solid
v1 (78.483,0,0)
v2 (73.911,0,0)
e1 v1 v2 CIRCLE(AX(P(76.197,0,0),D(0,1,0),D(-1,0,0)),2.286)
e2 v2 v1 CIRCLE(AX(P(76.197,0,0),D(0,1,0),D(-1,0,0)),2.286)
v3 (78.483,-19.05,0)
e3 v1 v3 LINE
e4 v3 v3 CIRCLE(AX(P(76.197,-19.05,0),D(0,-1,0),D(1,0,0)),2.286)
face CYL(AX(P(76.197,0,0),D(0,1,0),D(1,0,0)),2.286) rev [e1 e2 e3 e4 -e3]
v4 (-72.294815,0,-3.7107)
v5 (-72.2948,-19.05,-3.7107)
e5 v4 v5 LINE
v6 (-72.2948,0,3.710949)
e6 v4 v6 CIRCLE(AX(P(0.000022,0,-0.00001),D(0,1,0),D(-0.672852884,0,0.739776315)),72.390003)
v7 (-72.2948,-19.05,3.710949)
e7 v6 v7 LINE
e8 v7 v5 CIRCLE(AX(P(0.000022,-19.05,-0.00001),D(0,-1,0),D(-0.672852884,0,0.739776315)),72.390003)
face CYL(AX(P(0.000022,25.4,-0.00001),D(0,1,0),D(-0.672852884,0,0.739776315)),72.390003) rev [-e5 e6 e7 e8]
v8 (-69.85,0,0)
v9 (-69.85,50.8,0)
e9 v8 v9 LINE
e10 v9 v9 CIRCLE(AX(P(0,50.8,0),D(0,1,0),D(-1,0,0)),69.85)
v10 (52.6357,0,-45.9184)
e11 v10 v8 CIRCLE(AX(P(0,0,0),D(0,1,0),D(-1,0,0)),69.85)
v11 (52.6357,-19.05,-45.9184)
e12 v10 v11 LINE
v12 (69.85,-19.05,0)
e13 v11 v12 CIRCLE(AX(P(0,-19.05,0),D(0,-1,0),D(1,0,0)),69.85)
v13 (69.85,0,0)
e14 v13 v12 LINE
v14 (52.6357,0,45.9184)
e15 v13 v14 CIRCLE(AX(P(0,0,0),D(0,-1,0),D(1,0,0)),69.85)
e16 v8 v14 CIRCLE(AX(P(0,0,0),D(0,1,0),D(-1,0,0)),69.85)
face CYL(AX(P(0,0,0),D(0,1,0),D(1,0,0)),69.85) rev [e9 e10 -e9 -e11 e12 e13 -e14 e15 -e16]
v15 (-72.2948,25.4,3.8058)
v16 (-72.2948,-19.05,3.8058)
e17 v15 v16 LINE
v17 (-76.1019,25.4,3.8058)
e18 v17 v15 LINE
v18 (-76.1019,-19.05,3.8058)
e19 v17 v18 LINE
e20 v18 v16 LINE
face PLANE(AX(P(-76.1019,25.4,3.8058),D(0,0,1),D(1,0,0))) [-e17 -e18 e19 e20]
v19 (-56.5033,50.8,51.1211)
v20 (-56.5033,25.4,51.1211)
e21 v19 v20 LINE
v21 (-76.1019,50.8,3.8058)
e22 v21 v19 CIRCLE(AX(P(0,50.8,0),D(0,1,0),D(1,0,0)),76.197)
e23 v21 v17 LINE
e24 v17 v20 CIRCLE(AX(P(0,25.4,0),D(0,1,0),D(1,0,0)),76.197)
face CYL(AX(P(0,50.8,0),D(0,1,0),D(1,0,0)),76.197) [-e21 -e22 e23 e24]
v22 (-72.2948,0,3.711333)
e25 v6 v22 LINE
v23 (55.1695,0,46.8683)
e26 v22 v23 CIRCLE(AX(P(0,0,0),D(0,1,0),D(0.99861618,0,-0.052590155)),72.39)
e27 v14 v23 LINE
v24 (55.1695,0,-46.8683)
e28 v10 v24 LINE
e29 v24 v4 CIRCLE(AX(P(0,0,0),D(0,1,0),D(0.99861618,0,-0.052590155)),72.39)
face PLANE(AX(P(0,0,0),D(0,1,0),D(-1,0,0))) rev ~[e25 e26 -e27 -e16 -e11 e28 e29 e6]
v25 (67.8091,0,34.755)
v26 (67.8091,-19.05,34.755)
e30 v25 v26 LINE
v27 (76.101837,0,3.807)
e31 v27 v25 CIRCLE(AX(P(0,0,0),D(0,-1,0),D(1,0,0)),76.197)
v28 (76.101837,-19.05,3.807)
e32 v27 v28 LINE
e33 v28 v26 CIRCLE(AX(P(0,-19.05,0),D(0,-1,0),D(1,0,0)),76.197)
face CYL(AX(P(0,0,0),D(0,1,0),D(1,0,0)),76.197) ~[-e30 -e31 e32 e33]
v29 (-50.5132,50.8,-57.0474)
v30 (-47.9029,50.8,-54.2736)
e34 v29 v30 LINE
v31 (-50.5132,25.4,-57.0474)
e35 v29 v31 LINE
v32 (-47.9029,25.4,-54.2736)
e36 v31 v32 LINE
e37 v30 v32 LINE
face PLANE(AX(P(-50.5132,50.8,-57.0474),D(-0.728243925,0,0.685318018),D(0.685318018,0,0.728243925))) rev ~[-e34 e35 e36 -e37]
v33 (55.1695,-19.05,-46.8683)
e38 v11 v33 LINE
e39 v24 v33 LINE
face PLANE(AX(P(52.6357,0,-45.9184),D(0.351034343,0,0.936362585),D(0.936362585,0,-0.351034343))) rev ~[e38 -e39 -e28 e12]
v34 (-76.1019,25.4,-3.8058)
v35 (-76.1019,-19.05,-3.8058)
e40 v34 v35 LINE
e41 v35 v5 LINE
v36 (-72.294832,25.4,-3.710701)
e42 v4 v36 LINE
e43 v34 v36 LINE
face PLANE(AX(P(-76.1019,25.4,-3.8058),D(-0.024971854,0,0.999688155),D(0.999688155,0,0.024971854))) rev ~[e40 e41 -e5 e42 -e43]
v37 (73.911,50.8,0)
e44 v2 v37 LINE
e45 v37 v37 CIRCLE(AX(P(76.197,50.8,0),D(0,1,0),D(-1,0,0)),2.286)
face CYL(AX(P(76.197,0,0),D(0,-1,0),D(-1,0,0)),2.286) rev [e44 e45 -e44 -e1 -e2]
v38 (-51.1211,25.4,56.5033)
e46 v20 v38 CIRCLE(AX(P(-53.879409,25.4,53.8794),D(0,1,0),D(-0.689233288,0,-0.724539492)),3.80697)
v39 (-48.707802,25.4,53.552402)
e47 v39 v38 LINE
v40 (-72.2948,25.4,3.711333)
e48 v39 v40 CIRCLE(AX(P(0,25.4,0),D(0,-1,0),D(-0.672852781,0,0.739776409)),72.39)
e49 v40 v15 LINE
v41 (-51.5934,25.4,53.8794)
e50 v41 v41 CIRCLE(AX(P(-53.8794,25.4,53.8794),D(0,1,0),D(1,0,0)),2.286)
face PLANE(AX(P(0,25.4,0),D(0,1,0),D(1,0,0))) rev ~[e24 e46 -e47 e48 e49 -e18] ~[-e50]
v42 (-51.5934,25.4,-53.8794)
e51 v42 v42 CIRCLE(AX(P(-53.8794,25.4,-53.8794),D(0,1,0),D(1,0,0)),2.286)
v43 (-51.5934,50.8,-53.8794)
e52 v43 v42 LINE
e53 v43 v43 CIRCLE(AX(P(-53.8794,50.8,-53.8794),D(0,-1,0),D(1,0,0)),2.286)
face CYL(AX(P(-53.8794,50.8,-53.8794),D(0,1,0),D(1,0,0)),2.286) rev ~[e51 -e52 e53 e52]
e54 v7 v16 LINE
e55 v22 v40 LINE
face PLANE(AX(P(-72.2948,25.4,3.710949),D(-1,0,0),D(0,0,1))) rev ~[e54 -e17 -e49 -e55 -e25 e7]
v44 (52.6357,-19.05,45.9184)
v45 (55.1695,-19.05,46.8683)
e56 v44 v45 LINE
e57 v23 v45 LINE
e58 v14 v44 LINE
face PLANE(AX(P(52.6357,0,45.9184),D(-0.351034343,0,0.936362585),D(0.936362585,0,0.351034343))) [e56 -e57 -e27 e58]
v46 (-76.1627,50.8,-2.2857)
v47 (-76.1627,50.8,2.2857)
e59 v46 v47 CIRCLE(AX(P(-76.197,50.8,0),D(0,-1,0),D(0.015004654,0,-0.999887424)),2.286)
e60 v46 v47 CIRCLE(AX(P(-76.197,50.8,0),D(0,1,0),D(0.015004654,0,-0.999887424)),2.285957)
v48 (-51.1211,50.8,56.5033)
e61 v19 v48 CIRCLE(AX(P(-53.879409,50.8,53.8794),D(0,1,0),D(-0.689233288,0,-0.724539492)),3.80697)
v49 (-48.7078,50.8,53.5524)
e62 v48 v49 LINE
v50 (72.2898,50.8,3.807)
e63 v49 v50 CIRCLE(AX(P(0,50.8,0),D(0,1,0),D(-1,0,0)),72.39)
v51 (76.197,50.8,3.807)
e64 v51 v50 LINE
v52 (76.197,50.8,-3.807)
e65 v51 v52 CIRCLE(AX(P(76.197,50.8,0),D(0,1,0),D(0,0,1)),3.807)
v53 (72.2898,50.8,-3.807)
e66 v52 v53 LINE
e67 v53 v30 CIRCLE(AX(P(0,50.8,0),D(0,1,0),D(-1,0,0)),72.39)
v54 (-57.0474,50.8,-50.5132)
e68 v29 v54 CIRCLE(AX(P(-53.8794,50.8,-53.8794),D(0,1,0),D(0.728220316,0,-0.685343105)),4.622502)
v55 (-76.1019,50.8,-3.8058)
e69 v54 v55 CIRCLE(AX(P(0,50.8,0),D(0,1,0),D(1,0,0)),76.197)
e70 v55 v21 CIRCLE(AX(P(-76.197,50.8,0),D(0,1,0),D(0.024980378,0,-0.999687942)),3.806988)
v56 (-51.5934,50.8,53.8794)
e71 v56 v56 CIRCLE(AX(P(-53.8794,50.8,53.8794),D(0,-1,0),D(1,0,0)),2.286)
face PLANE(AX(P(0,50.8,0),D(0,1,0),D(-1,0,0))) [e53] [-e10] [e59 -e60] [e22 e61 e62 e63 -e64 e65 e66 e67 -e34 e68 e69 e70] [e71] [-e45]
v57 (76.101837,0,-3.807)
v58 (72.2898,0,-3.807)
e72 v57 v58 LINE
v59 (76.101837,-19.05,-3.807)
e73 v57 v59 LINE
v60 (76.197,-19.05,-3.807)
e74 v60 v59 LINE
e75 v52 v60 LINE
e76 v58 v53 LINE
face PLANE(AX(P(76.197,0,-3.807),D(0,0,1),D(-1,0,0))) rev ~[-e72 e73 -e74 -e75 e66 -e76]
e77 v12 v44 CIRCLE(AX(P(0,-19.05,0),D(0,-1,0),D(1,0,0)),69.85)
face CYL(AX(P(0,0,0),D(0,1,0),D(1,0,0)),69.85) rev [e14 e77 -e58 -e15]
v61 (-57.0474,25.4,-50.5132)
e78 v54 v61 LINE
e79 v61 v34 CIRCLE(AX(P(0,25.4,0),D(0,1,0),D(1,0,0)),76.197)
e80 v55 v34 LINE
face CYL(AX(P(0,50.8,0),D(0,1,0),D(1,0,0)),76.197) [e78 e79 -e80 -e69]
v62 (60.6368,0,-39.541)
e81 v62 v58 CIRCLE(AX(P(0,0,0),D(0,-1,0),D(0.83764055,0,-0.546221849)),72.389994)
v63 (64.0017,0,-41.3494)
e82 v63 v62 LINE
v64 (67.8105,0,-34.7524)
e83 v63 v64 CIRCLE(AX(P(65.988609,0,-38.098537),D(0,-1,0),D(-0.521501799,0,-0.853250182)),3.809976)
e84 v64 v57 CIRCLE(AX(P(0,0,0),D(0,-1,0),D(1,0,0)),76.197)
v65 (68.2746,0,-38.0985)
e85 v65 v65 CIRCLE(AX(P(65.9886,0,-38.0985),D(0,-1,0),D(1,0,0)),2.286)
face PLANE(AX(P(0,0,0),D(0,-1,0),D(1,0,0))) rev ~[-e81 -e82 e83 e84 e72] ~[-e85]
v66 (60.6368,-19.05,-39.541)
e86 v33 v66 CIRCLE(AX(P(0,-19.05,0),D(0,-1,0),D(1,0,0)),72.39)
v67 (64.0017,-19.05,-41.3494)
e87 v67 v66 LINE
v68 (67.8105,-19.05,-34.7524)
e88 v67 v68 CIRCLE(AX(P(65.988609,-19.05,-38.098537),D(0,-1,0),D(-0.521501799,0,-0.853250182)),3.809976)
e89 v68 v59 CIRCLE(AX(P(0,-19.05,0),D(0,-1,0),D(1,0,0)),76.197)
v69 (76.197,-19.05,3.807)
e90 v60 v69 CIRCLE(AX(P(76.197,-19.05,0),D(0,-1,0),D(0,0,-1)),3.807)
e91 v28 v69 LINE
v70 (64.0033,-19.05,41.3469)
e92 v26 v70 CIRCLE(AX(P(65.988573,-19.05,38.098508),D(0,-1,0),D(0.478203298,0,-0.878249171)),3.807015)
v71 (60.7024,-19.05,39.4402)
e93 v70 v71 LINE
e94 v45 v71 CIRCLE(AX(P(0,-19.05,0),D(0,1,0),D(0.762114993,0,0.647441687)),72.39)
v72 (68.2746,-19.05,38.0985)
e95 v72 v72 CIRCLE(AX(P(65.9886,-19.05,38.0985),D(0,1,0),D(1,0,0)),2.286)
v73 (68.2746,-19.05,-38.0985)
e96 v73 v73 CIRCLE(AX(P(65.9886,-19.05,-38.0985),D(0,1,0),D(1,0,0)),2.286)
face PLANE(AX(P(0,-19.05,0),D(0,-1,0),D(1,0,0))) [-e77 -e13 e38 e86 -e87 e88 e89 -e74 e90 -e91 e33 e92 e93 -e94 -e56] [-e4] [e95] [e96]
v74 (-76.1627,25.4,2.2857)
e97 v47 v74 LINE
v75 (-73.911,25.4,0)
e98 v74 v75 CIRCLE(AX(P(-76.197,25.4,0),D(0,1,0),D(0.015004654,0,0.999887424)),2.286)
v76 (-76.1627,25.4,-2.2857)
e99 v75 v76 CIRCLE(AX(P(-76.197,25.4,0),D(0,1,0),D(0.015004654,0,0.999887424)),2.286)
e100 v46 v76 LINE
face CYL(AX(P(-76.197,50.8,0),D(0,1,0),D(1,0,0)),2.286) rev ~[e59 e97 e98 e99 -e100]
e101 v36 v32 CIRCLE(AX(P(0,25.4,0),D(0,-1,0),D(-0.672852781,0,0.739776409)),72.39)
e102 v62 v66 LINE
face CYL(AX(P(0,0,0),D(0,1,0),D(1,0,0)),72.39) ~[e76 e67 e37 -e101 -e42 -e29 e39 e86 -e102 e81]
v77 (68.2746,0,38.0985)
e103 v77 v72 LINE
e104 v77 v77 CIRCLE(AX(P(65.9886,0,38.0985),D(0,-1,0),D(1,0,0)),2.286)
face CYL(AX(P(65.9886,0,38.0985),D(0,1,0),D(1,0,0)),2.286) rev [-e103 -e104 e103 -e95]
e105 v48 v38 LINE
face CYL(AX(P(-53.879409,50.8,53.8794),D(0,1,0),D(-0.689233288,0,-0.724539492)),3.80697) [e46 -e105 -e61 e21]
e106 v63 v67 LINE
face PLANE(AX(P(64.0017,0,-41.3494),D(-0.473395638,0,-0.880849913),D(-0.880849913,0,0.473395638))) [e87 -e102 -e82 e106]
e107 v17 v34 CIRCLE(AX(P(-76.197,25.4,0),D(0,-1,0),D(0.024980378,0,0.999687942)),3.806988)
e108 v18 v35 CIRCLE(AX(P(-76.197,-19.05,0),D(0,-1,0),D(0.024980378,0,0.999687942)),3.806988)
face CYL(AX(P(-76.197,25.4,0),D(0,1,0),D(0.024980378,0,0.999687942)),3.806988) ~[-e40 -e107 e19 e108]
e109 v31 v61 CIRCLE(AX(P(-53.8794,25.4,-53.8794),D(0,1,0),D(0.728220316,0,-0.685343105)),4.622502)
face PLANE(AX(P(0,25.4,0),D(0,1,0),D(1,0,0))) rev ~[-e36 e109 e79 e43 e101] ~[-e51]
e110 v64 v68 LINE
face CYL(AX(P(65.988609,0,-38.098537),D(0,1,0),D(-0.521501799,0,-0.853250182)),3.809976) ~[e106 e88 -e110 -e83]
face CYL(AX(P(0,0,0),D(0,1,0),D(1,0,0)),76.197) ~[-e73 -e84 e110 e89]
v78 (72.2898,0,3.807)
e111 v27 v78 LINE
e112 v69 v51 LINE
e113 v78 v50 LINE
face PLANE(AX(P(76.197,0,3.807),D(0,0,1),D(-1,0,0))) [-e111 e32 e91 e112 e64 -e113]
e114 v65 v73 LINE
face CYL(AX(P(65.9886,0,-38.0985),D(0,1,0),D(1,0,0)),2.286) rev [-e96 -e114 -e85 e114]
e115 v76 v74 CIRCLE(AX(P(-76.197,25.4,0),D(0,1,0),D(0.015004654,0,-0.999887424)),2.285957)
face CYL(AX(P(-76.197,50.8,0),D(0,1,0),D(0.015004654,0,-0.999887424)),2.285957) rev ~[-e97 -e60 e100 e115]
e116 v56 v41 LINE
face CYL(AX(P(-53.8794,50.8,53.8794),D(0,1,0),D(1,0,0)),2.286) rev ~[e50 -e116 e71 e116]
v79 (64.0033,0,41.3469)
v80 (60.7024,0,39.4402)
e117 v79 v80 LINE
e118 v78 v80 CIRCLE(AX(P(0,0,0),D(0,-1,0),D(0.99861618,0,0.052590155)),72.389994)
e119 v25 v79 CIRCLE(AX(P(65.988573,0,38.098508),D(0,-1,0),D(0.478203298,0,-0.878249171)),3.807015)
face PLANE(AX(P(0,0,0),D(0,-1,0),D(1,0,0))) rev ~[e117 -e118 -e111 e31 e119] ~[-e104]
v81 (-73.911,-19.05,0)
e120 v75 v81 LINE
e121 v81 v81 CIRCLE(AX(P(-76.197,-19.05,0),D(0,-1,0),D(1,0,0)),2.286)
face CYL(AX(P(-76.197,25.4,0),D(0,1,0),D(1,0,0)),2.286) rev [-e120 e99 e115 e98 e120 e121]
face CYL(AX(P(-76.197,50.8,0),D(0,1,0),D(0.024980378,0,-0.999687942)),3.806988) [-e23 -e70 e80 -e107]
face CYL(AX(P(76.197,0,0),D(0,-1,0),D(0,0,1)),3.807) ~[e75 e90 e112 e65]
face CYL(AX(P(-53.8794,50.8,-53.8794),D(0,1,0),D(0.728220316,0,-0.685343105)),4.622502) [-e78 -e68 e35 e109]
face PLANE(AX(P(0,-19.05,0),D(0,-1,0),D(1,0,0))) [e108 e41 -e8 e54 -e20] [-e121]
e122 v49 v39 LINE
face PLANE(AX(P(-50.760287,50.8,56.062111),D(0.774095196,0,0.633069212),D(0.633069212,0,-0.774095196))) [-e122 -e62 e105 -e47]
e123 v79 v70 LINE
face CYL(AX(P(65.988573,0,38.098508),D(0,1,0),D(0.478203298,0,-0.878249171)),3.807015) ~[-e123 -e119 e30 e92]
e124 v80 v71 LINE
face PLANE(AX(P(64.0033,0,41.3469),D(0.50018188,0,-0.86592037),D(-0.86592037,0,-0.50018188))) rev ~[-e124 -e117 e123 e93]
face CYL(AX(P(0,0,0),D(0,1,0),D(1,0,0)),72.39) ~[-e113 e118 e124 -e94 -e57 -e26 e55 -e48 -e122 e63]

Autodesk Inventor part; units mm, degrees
ref_plane "YZ Plane" through (0, 0, 0) normal (1, 0, 0) x (0, 1, 0)
ref_plane "XZ Plane" through (0, 0, 0) normal (0, 1, 0) x (-1, 0, 0)
ref_plane "XY Plane" through (0, 0, 0) normal (0, 0, 1) x (1, 0, 0)
sketch "Sketch1" plane through (0, 0, 0) normal (0, 1, 0) x (-1, 0, 0)
  circle A0 centre (0, 0) radius 72.39
  circle A1 centre (0, 0) radius 69.85
  arc A2 (-76.197, 3.807) -> (-76.197, -3.807) centre (-76.197, 0) ccw
  circle A3 centre (-76.197, 0) radius 2.286
  line L0 (-76.197, 3.807) -> (-72.2898, 3.807)
  line L1 (-76.197, -3.807) -> (-72.2898, -3.807)
  dimension "d0" = 144.78
  dimension "d1" = 139.7
  dimension "d2" = 4.572
extrude "Extrusion1" add sketch "Sketch1" along normal blind 50.8
sketch "Sketch2" plane through (0, 50.8, 0) normal (0, 1, 0) x (1, 0, 0)
  circle A0 centre (76.197, 0) radius 2.286 projected
  circle A1 centre (0, 0) radius 76.197
  arc A2 (-76.1019, 3.8058) -> (-76.1019, -3.8058) centre (-76.197, 0) ccw
  arc A3 (72.2898, 3.807) -> (72.2898, -3.807) centre (0, 0) ccw projected
  arc A4 (-76.1627, 2.2857) -> (-76.1627, -2.2857) centre (-76.197, 0) ccw
  line L0 (-76.197, -3.807) -> (-72.2898, -3.807)
  line L1 (-76.197, 3.807) -> (-72.39, 3.807)
  line L2 (-51.1875, 51.1875) -> (-53.8794, 53.8794)
  line L3 (0, 0) -> (76.197, 0) construction
  line L4 (0, 0) -> (76.197, 0) construction
  arc A5 (-56.5033, -51.1211) -> (-50.7603, -56.0621) centre (-53.8794, -53.8794) ccw
  line L5 (-51.1211, -56.5033) -> (-48.7078, -53.5524)
  line L6 (-56.5033, -51.1211) -> (-53.744, -48.4963)
  circle A6 centre (-53.8794, -53.8794) radius 2.286
  circle A7 centre (-53.8794, 53.8794) radius 2.286
  line L7 (-57.0474, 50.5132) -> (-54.2736, 47.9029)
  line L8 (-50.5132, 57.0474) -> (-47.9029, 54.2736)
  arc A8 (-50.5132, 57.0474) -> (-57.0474, 50.5132) centre (-53.8794, 53.8794) ccw
  line L9 (0, 0) -> (-26.9652, -26.9652)
  circle A9 centre (-76.197, 0) radius 2.286
  point P0 (-76.1627, -2.2857)
  dimension "d5" = 4.572
  dimension "d6" = 135
  dimension "d8" = 4.572
  dimension "d9" = 4.572
extrude "Extrusion2" add sketch "Sketch2" against normal blind 25.4 contours L8 A3 L2 A7 A1 | A1 A7 A8 | A5 A1 A6 | A1 A6 L6 A3 L5 | L7 A3 L0 A1 A9 | A1 A7 L2 A3 L7 | A1 L0 A3 L6 | A1 A4 A2
sketch "Sketch3" plane through (0, 0, 0) normal (0, -1, 0) x (1, 0, 0)
  line L0 (72.2898, 3.807) -> (76.197, 3.807) projected
  circle A0 centre (0, 0) radius 72.39
  circle A1 centre (0, 0) radius 69.85
  line L1 (-69.85, 0) -> (52.6357, 45.9184)
  circle A2 centre (0, 0) radius 69.85 projected
  line L2 (-69.85, 0) -> (52.6357, -45.9184)
  line L3 (52.6357, 45.9184) -> (55.1695, 46.8683)
  arc A3 (72.2898, 3.807) -> (-48.7078, 53.5524) centre (0, 0) ccw projected
  line L4 (52.6357, -45.9184) -> (55.1695, -46.8683)
  dimension "d12" = 130.81
extrude "Extrusion3" add sketch "Sketch3" along normal blind 19.05 contours A0 L4 A1 L3 picked at (58.6234, 40.6965)
sketch "Sketch4" plane through (0, 0, 0) normal (0, -1, 0) x (1, 0, 0)
  circle A0 centre (76.197, 0) radius 2.286 projected
  circle A1 centre (76.197, 0) radius 2.286
  arc A2 (76.197, -3.807) -> (76.197, 3.807) centre (76.197, 0) ccw
  line L0 (76.197, -3.807) -> (72.2898, -3.807) projected
  line L1 (76.197, -3.807) -> (72.2898, -3.807)
  line L2 (72.2898, 3.807) -> (76.197, 3.807) projected
  line L3 (76.197, 3.807) -> (72.2898, 3.807)
  arc A3 (72.2898, -3.807) -> (72.2898, 3.807) centre (0, 0) ccw projected
  line L4 (72.2898, 3.807) -> (72.2898, -3.807)
  circle A4 centre (0, 0) radius 76.197
  line L5 (0, 0) -> (76.197, 0) construction
  line L6 (0, 0) -> (76.197, 0) construction
  arc A5 (67.8091, 34.755) -> (64.0033, 41.3469) centre (65.9886, 38.0985) ccw
  arc A6 (64.0033, -41.3469) -> (67.8091, -34.755) centre (65.9886, -38.0985) ccw
  circle A7 centre (65.9886, -38.0985) radius 2.286
  circle A8 centre (65.9886, 38.0985) radius 2.286
  line L7 (64.0033, 41.3469) -> (60.7024, 39.4402)
  line L8 (67.8091, 34.755) -> (64.4936, 32.8768)
  arc A9 (55.1695, -46.8683) -> (55.1695, 46.8683) centre (0, 0) ccw projected
  line L9 (67.8105, -34.7524) -> (64.4936, -32.8768)
  line L10 (64.0017, -41.3494) -> (60.6368, -39.541)
  line L11 (64.0088, 36.9555) -> (65.9886, 38.0985)
  line L12 (62.689, -36.1935) -> (62.6916, -36.195)
  line L13 (64.0088, -36.9555) -> (65.9886, -38.0985)
  arc A10 (62.7648, -36.068) -> (62.6181, -36.3219) centre (65.9886, -38.0985) ccw
  arc A11 (64.0017, -41.3494) -> (67.8105, -34.7524) centre (65.9886, -38.0985) ccw
  point P0 (76.1019, -3.807)
  point P1 (76.1019, 3.807)
  dimension "d18" = 4.572
  dimension "d19" = 4.572
extrude "Extrusion4" add sketch "Sketch4" along normal blind 19.05 contours A0 A4 L2 A2 L0 | A0 A4 L0 A3 L2 | L2 A9 L8 A4 | A4 L9 A9 L0 | L8 A9 L7 A4 A8 | A4 A8 A5 | A11 A4 A6 | A4 A7 L10 A9 L9 | A6 A4 A7
sketch "Sketch5" plane through (0, 25.4, 0) normal (0, -1, 0) x (1, 0, 0)
  circle A0 centre (-76.197, 0) radius 2.286 projected
  circle A1 centre (-76.197, 0) radius 2.286
  arc A2 (-76.1019, 3.8058) -> (-76.1019, -3.8058) centre (-76.197, 0) ccw
  arc A3 (-76.1019, -3.8058) -> (-57.0474, -50.5132) centre (0, 0) ccw projected
  line L0 (-76.1019, -3.8058) -> (-72.2948, -3.7107)
  arc A4 (-48.7078, 53.5524) -> (-47.9029, -54.2736) centre (0, 0) ccw projected
  arc A5 (-56.5033, 51.1211) -> (-76.1019, 3.8058) centre (0, 0) ccw projected
  line L1 (-76.1019, 3.8058) -> (-72.2948, 3.8058)
  line L2 (-72.2948, -3.7107) -> (-72.2948, 3.8058)
  point P0 (-72.2948, 3.7107)
extrude "Extrusion5" add sketch "Sketch5" along normal blind 44.45 contours L1 L2 A4 L0 A2
properties part number "NewShooterCup"
